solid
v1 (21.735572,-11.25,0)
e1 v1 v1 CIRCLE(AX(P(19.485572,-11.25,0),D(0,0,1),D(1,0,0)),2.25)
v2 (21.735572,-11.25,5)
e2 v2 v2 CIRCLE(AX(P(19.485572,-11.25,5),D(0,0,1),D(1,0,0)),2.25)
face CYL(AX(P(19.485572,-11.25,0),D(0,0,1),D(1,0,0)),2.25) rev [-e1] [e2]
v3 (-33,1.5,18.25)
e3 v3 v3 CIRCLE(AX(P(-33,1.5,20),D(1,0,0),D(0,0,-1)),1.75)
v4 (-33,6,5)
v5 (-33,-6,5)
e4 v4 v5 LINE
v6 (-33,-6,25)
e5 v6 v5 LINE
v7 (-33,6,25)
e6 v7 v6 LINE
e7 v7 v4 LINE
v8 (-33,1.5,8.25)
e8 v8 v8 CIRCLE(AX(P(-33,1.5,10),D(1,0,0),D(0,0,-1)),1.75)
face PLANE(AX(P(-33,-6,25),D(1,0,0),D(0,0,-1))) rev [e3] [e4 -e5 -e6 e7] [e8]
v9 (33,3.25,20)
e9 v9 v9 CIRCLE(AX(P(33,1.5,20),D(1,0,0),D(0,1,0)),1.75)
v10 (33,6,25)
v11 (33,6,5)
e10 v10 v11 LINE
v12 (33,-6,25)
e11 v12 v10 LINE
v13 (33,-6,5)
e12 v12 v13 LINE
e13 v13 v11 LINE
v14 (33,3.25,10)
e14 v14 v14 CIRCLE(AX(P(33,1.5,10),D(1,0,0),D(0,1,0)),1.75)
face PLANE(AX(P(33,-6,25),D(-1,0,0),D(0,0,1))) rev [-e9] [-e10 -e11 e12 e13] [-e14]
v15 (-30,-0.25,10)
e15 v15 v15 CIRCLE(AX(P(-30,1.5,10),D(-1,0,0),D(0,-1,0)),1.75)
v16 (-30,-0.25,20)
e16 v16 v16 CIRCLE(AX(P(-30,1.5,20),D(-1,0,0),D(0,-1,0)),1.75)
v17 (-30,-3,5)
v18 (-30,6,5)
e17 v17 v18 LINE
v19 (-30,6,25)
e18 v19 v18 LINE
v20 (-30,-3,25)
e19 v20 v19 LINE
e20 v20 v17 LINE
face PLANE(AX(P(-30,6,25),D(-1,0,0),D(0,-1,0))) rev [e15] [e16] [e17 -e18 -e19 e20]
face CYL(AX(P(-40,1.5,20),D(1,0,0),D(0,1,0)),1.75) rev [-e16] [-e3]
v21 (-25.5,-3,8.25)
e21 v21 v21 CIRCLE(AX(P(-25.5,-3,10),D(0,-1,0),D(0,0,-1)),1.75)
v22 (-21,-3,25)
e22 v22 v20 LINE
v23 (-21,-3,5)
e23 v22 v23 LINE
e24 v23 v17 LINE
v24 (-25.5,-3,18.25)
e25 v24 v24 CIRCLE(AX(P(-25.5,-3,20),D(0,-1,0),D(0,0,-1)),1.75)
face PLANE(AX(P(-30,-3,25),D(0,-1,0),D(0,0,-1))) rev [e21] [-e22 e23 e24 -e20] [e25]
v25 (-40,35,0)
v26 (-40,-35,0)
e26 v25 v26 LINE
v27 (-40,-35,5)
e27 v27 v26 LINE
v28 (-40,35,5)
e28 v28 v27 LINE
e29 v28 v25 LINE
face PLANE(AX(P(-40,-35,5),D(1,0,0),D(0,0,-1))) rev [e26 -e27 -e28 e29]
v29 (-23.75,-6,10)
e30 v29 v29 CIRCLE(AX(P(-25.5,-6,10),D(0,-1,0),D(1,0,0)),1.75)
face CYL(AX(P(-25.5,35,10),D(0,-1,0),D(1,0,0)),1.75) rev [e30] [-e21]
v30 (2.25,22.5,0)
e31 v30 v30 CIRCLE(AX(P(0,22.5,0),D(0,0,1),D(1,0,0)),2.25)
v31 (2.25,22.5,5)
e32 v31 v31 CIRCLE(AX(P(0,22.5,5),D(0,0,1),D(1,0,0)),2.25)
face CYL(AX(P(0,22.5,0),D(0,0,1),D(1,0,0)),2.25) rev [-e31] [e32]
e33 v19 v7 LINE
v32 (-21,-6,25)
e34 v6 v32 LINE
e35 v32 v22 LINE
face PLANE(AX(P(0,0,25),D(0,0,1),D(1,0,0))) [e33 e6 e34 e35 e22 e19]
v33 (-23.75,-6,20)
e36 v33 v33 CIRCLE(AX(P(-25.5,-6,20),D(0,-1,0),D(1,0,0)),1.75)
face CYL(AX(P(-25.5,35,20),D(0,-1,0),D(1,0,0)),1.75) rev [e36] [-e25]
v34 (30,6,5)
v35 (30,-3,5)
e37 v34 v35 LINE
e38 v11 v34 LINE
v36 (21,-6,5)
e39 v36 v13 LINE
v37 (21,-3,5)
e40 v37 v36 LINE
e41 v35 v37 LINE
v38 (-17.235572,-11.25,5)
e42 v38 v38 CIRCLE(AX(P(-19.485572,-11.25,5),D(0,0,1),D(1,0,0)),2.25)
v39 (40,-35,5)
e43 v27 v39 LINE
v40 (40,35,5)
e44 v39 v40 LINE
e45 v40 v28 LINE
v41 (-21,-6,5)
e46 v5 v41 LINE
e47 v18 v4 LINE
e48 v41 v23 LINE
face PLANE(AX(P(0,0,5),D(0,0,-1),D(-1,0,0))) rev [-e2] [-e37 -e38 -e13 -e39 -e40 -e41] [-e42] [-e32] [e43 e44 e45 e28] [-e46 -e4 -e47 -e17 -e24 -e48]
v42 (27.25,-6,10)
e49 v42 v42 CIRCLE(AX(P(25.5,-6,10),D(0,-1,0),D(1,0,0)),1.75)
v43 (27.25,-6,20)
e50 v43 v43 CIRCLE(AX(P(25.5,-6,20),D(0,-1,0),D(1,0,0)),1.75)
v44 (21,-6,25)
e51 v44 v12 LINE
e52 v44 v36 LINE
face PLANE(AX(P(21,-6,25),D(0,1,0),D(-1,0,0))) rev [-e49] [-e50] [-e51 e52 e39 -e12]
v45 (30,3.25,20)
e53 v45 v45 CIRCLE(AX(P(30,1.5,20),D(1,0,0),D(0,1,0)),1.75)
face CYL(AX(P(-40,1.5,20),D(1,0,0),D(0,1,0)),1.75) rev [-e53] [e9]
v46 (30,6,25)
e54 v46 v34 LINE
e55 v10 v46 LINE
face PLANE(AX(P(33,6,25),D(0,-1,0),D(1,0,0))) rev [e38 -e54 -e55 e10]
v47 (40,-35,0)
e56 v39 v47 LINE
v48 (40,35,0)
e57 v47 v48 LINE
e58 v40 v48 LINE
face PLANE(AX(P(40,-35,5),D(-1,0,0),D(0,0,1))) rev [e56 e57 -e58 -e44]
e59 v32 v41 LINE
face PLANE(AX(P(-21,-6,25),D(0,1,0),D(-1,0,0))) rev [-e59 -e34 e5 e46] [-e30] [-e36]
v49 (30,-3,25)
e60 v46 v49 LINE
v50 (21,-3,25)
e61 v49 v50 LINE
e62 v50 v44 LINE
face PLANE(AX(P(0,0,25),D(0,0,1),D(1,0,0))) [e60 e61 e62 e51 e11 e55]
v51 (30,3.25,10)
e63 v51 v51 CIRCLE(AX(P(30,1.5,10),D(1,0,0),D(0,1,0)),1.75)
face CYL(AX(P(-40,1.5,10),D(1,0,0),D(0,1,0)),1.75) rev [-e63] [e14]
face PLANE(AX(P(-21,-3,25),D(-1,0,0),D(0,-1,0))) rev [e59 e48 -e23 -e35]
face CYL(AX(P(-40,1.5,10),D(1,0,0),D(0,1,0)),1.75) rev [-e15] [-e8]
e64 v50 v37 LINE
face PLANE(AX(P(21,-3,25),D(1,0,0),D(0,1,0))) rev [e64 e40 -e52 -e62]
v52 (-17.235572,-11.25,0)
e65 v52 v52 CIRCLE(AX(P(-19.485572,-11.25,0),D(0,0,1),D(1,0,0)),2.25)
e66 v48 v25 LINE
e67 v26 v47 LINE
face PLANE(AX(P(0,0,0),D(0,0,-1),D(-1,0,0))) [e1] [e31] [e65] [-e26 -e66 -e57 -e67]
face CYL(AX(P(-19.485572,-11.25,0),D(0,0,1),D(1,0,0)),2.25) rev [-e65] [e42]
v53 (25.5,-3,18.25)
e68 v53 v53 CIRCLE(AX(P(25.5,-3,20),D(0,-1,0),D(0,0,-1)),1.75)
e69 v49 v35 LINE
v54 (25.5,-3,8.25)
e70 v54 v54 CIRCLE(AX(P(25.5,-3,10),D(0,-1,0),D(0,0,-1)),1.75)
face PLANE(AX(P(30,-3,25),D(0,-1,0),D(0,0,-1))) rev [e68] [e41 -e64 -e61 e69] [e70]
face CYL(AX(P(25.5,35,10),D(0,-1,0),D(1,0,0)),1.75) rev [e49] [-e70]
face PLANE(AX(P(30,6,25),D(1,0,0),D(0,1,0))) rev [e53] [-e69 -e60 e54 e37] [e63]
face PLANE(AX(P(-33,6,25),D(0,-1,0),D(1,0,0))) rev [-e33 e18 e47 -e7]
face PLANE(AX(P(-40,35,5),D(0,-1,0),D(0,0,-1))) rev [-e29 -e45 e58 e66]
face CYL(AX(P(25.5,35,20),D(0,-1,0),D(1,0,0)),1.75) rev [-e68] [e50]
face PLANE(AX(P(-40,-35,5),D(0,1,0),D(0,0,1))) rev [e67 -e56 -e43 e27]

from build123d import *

# Parameters (mm, degrees)
SKETCH_1_W          = 80
SKETCH_1_H          = 70
EXTRUDE_1_DEPTH     = 5
EXTRUDE_2_DEPTH     = 20
SKETCH_3_R          = 1.75
CUT_EXTRUDE_1_DEPTH = 85.728979694
SKETCH_4_R          = 1.75
CUT_EXTRUDE_2_DEPTH = 63.497999968
SKETCH_5_R          = 2.25
CUT_EXTRUDE_3_DEPTH = 57.789083458


with BuildPart() as part:
    # ｽｹｯﾁ1 → ﾎﾞｽ - 押し出し1 (new body)
    with BuildSketch(Plane.XY):
        Rectangle(SKETCH_1_W, SKETCH_1_H)
    extrude(amount=EXTRUDE_1_DEPTH)

    # ｽｹｯﾁ2 → ﾎﾞｽ - 押し出し2 (add)
    with BuildSketch(Plane.XY.offset(5)):
        Polygon((-30, -3), (-21, -3), (-21, -6), (-33, -6), (-33, 6), (-30, 6), align=None)
        Polygon((21, -3), (21, -6), (33, -6), (33, 6), (30, 6), (30, -3), align=None)
    extrude(amount=EXTRUDE_2_DEPTH)

    # ｽｹｯﾁ3 → ｶｯﾄ - 押し出し1 (cut, through all)
    with BuildSketch(Plane(origin=(33, 0, 0), x_dir=(0, 0, -1), z_dir=(1, 0, 0))):
        with Locations(Location((-10, 1.5, 0), (0, 0, 90))):
            Circle(SKETCH_3_R)
        with Locations(Location((-20, 1.5, 0), (0, 0, 90))):
            Circle(SKETCH_3_R)
    extrude(amount=-CUT_EXTRUDE_1_DEPTH, mode=Mode.SUBTRACT)

    # ｽｹｯﾁ4 → ｶｯﾄ - 押し出し2 (cut, through all)
    with BuildSketch(Plane.XZ.offset(6)):
        with Locations((25.5, 10)):
            Circle(SKETCH_4_R)
        with Locations((25.5, 20)):
            Circle(SKETCH_4_R)
        with Locations((-25.5, 10)):
            Circle(SKETCH_4_R)
        with Locations((-25.5, 20)):
            Circle(SKETCH_4_R)
    extrude(amount=-CUT_EXTRUDE_2_DEPTH, mode=Mode.SUBTRACT)

    # ｽｹｯﾁ5 → ｶｯﾄ - 押し出し3 (cut, through all)
    with BuildSketch(Plane.XY.offset(5)):
        with Locations((0, 22.5)):
            Circle(SKETCH_5_R)
        with Locations((19.485571585, -11.25)):
            Circle(SKETCH_5_R)
        with Locations((-19.485571585, -11.25)):
            Circle(SKETCH_5_R)
    extrude(amount=-CUT_EXTRUDE_3_DEPTH, mode=Mode.SUBTRACT)


solid = part.part
